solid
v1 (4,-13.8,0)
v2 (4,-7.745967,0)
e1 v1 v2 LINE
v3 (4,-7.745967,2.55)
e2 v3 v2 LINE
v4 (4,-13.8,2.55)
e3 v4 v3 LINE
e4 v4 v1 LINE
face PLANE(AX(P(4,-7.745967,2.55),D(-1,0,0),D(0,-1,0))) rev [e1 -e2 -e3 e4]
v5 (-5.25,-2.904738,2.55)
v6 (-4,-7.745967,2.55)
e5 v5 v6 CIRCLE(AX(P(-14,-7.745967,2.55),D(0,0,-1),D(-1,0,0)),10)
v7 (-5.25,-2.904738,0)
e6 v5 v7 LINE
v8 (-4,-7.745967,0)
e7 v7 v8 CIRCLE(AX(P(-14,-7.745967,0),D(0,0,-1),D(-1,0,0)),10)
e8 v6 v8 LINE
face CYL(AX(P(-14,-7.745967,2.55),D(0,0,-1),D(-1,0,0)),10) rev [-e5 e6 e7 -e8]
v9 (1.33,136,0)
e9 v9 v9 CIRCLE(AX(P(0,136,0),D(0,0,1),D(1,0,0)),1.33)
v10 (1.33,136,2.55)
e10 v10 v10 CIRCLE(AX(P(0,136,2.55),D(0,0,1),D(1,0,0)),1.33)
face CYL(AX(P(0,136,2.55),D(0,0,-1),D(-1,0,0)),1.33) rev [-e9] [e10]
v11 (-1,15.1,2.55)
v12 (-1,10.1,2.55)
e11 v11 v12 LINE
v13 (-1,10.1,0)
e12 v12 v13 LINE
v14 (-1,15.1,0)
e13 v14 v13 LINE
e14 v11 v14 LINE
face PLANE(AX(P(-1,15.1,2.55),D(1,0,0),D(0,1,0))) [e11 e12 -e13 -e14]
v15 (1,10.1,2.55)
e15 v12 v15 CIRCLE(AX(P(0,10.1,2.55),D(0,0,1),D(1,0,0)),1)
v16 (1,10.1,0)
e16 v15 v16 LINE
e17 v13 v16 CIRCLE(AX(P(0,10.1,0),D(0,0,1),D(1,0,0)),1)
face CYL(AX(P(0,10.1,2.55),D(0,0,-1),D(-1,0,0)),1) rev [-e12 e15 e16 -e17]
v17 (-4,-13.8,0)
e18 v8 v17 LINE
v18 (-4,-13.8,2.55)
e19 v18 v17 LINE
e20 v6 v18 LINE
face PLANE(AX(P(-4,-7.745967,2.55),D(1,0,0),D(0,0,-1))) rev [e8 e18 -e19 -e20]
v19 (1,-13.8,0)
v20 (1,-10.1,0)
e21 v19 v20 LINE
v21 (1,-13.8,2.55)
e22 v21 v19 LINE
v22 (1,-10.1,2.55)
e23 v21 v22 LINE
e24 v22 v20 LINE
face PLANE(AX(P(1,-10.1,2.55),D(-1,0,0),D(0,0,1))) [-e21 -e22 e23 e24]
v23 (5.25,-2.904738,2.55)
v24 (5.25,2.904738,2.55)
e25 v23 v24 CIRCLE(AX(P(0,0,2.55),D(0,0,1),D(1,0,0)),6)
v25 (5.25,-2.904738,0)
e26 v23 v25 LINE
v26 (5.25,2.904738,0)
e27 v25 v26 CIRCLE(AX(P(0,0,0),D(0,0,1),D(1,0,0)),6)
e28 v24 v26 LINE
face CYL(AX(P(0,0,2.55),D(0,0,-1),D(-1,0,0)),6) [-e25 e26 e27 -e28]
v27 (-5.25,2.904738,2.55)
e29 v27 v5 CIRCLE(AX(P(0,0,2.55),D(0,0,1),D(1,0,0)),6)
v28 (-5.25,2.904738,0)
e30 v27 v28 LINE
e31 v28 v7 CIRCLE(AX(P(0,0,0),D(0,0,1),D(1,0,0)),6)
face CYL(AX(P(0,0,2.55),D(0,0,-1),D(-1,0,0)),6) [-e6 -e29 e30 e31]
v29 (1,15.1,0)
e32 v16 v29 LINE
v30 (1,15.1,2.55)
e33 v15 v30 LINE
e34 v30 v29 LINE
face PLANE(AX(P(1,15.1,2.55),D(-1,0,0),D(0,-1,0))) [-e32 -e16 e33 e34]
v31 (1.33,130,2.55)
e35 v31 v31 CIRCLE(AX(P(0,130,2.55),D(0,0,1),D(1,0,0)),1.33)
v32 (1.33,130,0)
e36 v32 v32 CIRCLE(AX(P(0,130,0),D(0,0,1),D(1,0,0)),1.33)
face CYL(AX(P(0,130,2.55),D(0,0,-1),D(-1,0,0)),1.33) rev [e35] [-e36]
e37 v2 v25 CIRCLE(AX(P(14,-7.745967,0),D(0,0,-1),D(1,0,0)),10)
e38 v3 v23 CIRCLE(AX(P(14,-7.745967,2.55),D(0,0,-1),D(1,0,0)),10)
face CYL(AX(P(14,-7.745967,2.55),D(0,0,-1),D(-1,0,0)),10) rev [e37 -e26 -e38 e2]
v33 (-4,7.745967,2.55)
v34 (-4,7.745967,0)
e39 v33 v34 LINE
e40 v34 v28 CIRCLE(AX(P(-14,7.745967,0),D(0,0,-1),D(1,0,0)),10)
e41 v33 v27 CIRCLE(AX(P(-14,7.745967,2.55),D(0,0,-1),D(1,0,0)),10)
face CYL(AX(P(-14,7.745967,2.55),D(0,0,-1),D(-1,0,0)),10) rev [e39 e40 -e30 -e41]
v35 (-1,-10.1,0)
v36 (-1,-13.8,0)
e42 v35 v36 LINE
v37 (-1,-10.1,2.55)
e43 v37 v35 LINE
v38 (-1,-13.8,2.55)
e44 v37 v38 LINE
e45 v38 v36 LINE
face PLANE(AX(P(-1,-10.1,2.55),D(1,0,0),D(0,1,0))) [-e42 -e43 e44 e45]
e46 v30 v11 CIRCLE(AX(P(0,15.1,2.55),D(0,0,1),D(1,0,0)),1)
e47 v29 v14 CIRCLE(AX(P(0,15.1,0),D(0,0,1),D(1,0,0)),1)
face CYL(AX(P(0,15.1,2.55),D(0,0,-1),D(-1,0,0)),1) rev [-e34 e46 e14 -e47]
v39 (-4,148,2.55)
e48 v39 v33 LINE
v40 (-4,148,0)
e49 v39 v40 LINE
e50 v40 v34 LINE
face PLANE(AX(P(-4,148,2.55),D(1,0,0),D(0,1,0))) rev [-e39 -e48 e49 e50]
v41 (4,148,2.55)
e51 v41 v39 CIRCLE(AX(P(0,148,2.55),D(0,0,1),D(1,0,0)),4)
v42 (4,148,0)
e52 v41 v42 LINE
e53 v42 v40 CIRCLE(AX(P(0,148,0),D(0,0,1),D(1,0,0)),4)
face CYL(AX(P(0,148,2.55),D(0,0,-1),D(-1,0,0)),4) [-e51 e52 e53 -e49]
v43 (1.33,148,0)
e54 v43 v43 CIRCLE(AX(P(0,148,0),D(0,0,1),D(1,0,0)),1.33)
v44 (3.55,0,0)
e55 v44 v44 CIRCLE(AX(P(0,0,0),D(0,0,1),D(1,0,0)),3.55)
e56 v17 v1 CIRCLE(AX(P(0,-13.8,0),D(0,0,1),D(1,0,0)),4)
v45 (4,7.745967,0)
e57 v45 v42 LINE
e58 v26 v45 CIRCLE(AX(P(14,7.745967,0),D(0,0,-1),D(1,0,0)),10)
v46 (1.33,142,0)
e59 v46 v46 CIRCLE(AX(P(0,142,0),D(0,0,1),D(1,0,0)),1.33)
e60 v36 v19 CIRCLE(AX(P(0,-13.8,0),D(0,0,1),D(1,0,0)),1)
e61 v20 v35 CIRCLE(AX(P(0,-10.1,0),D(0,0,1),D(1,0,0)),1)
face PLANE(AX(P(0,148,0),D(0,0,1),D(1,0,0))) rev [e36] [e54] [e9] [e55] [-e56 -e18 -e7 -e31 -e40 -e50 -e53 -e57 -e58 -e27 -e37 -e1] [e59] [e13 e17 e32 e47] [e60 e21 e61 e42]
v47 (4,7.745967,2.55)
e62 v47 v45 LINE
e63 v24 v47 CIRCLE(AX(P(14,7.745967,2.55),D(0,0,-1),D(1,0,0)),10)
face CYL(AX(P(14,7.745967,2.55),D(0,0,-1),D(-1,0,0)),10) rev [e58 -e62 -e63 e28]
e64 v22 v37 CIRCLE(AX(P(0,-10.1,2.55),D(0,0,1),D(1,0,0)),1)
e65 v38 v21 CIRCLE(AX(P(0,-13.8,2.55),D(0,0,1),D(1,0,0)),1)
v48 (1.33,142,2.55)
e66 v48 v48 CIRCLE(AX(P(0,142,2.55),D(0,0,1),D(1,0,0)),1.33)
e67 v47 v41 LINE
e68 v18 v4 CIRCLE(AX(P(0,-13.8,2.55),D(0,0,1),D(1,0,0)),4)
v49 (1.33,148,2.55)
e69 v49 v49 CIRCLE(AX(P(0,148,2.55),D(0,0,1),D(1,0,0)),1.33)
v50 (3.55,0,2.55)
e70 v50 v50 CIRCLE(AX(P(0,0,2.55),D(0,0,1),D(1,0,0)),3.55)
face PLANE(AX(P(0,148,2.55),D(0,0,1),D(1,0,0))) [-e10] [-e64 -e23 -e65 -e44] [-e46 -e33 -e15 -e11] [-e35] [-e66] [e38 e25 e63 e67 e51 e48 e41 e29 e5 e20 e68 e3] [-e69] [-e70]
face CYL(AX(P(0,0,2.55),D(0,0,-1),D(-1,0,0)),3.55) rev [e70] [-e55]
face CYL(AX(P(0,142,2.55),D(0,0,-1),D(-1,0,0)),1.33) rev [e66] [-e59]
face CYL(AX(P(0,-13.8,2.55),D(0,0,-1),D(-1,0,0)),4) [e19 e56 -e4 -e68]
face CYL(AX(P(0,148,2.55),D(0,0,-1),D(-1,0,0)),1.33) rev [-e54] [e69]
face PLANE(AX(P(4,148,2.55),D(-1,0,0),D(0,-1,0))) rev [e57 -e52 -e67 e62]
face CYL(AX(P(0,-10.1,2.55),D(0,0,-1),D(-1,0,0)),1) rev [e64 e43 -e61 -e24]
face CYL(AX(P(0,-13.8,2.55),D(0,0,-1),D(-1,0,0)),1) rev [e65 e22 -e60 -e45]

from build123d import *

# Parameters (mm, degrees)
MODEL_R             = 3.55
MODEL_R_2           = 1.33
BOSS_EXTRUDE1_DEPTH = 2.55


with BuildPart() as part:
    # Model → Boss-Extrude1 (new body)
    with BuildSketch(Plane.XY):
        with BuildLine():
            Line((-4, 148), (-4, 7.745966692))
            ThreePointArc((-4, 7.745966692), (-4.317541634, 5.245966692), (-5.25, 2.90473751))
            ThreePointArc((-5.25, 2.90473751), (-6, 0), (-5.25, -2.90473751))
            ThreePointArc((-5.25, -2.90473751), (-4.317541634, -5.245966692), (-4, -7.745966692))
            Line((-4, -7.745966692), (-4, -13.8))
            ThreePointArc((-4, -13.8), (0, -17.8), (4, -13.8))
            Line((4, -13.8), (4, -7.745966692))
            ThreePointArc((4, -7.745966692), (4.317541634, -5.245966692), (5.25, -2.90473751))
            ThreePointArc((5.25, -2.90473751), (6, 0), (5.25, 2.90473751))
            ThreePointArc((5.25, 2.90473751), (4.317541634, 5.245966692), (4, 7.745966692))
            Line((4, 7.745966692), (4, 148))
            ThreePointArc((4, 148), (0, 152), (-4, 148))
        make_face()
        Circle(MODEL_R, mode=Mode.SUBTRACT)
        with Locations((0, 148)):
            Circle(MODEL_R_2, mode=Mode.SUBTRACT)
        with Locations((0, 142)):
            Circle(MODEL_R_2, mode=Mode.SUBTRACT)
        with Locations((0, 136)):
            Circle(MODEL_R_2, mode=Mode.SUBTRACT)
        with Locations((0, 130)):
            Circle(MODEL_R_2, mode=Mode.SUBTRACT)
        with BuildLine():
            Line((-1, -10.1), (-1, -13.8))
            ThreePointArc((-1, -13.8), (0, -14.8), (1, -13.8))
            Line((1, -13.8), (1, -10.1))
            ThreePointArc((1, -10.1), (0, -9.1), (-1, -10.1))
        make_face(mode=Mode.SUBTRACT)
        with BuildLine():
            Line((-1, 15.1), (-1, 10.1))
            ThreePointArc((-1, 10.1), (0, 9.1), (1, 10.1))
            Line((1, 10.1), (1, 15.1))
            ThreePointArc((1, 15.1), (0, 16.1), (-1, 15.1))
        make_face(mode=Mode.SUBTRACT)
    extrude(amount=BOSS_EXTRUDE1_DEPTH)


solid = part.part
